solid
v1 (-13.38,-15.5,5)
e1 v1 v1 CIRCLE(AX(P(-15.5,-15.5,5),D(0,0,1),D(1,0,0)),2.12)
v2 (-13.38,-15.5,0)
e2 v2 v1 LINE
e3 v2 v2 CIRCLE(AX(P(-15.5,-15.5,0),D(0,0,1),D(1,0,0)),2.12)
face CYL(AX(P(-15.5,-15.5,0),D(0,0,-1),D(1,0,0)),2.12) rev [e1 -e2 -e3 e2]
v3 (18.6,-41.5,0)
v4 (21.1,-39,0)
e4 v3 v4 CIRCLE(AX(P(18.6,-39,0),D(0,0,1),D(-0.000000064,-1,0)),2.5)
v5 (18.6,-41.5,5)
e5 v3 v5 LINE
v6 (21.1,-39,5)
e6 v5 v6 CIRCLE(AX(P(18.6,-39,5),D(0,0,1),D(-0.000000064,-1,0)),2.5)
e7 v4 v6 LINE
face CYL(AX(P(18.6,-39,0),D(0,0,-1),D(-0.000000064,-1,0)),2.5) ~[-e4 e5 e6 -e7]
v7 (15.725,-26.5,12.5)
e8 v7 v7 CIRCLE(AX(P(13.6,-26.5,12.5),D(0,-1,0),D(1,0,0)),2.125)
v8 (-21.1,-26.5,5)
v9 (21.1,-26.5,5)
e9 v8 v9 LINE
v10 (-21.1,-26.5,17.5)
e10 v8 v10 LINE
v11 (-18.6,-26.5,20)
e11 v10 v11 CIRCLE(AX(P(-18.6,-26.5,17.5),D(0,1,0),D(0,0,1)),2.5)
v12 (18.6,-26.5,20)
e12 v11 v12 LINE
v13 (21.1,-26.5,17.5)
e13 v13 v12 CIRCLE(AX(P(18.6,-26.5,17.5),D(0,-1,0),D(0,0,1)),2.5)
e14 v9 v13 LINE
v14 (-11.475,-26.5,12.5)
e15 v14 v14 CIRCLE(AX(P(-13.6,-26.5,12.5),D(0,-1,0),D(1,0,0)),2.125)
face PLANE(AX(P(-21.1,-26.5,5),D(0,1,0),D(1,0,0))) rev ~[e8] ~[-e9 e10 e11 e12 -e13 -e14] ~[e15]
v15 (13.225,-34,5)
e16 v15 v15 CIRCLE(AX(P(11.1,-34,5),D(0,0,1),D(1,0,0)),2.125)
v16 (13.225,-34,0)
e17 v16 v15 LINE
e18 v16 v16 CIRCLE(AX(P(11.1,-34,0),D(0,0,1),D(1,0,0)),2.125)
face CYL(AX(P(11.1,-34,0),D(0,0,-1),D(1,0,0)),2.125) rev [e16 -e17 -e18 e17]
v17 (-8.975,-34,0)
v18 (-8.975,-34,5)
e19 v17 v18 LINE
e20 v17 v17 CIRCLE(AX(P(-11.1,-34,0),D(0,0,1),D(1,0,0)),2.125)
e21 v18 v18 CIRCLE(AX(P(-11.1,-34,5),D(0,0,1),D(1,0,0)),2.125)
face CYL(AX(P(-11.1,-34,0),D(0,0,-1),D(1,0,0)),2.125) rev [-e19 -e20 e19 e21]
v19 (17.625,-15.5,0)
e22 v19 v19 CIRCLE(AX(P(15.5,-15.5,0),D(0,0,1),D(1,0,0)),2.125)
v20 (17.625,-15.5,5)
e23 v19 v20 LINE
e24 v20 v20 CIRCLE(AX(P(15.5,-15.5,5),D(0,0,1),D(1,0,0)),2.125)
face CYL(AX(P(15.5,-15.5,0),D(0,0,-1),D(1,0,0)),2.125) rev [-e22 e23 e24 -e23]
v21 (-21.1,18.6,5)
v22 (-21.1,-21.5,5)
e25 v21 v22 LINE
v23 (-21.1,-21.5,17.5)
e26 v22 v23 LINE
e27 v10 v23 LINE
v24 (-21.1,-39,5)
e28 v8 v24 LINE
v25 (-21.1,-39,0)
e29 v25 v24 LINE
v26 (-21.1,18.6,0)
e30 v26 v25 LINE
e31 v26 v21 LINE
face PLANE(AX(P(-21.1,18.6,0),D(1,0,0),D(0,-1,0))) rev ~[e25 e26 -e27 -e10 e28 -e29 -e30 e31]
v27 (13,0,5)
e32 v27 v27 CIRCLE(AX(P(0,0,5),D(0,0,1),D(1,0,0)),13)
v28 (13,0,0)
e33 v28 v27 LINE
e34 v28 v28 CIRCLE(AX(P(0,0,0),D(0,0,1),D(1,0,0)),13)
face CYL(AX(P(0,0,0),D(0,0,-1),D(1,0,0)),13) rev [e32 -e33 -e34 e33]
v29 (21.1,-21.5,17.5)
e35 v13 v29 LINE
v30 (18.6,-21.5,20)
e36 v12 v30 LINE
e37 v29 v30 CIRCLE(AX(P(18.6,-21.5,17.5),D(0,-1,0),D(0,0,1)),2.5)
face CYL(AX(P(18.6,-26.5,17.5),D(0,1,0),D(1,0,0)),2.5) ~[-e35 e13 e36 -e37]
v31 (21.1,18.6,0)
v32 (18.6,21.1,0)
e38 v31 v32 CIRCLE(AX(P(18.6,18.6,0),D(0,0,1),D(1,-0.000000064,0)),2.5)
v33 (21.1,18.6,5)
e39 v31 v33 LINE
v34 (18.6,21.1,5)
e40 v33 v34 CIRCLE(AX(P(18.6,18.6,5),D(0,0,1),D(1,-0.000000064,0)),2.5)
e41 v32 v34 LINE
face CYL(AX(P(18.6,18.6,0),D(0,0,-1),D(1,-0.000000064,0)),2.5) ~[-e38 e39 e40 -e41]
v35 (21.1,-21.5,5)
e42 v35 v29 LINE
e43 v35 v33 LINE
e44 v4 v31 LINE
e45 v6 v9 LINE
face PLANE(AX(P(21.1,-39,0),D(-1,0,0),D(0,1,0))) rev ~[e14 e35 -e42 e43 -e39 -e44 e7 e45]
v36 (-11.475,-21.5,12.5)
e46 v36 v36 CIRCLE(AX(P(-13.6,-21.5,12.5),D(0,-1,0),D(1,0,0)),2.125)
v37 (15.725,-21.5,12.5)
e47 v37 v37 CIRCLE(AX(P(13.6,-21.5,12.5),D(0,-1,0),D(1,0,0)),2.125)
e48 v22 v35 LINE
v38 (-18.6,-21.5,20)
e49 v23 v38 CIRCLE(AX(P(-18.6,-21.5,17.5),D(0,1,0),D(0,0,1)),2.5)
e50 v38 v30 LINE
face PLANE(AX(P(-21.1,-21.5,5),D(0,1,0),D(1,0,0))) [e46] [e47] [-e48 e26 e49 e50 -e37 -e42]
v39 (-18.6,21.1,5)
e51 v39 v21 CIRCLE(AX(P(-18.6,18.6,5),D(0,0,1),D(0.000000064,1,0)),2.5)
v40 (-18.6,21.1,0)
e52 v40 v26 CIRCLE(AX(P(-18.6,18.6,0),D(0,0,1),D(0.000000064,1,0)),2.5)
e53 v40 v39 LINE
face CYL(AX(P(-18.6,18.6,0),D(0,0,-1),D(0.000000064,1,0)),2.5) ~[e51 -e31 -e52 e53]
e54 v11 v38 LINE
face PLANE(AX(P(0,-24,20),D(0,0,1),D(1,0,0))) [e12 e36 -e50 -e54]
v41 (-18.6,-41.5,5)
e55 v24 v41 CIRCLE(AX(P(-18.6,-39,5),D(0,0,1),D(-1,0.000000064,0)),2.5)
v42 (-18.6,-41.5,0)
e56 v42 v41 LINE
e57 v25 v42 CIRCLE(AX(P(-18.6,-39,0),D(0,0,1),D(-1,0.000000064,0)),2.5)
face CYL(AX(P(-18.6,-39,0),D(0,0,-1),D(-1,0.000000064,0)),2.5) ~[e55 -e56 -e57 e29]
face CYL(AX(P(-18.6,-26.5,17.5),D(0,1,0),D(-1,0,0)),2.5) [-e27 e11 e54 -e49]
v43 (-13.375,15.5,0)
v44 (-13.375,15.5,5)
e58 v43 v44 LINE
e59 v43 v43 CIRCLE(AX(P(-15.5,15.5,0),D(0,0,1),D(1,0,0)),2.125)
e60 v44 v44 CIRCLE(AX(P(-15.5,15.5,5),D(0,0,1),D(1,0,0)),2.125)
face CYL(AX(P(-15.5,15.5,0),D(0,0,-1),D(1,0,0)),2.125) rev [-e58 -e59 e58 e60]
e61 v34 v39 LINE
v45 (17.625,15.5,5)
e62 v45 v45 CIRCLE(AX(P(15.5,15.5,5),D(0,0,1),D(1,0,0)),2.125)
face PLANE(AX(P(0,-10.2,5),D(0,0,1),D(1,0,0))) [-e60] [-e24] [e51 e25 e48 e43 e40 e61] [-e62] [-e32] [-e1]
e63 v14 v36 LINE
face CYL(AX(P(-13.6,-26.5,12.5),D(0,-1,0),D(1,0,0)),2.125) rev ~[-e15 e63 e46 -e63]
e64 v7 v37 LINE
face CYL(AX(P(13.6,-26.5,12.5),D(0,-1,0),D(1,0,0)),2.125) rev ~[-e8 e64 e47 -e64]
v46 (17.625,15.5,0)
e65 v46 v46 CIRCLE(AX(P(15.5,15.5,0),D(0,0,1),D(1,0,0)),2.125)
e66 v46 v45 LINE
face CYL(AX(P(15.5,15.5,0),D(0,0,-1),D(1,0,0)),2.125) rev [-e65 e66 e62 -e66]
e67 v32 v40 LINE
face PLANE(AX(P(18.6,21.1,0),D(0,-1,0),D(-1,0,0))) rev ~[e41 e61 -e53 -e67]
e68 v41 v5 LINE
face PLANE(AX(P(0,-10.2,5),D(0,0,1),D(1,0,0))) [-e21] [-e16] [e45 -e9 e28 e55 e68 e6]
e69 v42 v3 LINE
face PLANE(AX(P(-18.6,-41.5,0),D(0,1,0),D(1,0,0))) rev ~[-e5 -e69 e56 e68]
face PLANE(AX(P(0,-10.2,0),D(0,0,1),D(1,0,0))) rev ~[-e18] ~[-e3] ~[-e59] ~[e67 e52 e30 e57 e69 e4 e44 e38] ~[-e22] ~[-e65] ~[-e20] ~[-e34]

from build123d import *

# Parameters (mm, degrees)
F0_R     = 2.125
F0_R_2   = 2.12
F0_R_3   = 13
F1_DEPTH = 5
F2_W     = 42.2
F2_H     = 5
F3_DEPTH = 15
F4_R     = 2.125
F5_DEPTH = 47.601
F6_R     = 2.5


with BuildPart() as f1:
    # F0 (on Top) → F1 (new body)
    with BuildSketch(Plane.XY):
        with BuildLine():
            Line((18.6, 21.1), (0, 21.1))
            Line((0, 21.1), (-18.6, 21.1))
            ThreePointArc((-18.6, 21.1), (-20.367767, 20.367767), (-21.1, 18.6))
            Line((-21.1, 18.6), (-21.1, -39))
            ThreePointArc((-21.1, -39), (-20.367767, -40.767767), (-18.6, -41.5))
            Line((-18.6, -41.5), (0, -41.5))
            Line((0, -41.5), (18.6, -41.5))
            ThreePointArc((18.6, -41.5), (20.367767, -40.767767), (21.1, -39))
            Line((21.1, -39), (21.1, 18.6))
            ThreePointArc((21.1, 18.6), (20.367767, 20.367767), (18.6, 21.1))
        make_face()
        with Locations((-11.1, -34)):
            Circle(F0_R, mode=Mode.SUBTRACT)
        with Locations((-15.5, -15.5)):
            Circle(F0_R_2, mode=Mode.SUBTRACT)
        with Locations((11.1, -34)):
            Circle(F0_R, mode=Mode.SUBTRACT)
        with Locations((15.5, -15.5)):
            Circle(F0_R, mode=Mode.SUBTRACT)
        with Locations((-15.5, 15.5)):
            Circle(F0_R, mode=Mode.SUBTRACT)
        Circle(F0_R_3, mode=Mode.SUBTRACT)
        with Locations((15.5, 15.5)):
            Circle(F0_R, mode=Mode.SUBTRACT)
    extrude(amount=F1_DEPTH)

    # F2 (on face) → F3 (join)
    with BuildSketch(Plane.XY.offset(5)):
        with Locations((0, -24)):
            Rectangle(F2_W, F2_H)
    extrude(amount=F3_DEPTH)

    # F4 (on face) → F5 (cut, through all)
    with BuildSketch(Plane.XZ.offset(26.5)):
        with Locations((-13.6, 12.5)):
            Circle(F4_R)
        with Locations((13.6, 12.5)):
            Circle(F4_R)
    extrude(amount=-F5_DEPTH, mode=Mode.SUBTRACT)

    # F6
    f6_edges = [f1.edges().sort_by_distance(p)[0] for p in [
        (-21.1, -24, 20),
        (21.1, -24, 20),
    ]]
    fillet(f6_edges, radius=F6_R)


solid = f1.part
